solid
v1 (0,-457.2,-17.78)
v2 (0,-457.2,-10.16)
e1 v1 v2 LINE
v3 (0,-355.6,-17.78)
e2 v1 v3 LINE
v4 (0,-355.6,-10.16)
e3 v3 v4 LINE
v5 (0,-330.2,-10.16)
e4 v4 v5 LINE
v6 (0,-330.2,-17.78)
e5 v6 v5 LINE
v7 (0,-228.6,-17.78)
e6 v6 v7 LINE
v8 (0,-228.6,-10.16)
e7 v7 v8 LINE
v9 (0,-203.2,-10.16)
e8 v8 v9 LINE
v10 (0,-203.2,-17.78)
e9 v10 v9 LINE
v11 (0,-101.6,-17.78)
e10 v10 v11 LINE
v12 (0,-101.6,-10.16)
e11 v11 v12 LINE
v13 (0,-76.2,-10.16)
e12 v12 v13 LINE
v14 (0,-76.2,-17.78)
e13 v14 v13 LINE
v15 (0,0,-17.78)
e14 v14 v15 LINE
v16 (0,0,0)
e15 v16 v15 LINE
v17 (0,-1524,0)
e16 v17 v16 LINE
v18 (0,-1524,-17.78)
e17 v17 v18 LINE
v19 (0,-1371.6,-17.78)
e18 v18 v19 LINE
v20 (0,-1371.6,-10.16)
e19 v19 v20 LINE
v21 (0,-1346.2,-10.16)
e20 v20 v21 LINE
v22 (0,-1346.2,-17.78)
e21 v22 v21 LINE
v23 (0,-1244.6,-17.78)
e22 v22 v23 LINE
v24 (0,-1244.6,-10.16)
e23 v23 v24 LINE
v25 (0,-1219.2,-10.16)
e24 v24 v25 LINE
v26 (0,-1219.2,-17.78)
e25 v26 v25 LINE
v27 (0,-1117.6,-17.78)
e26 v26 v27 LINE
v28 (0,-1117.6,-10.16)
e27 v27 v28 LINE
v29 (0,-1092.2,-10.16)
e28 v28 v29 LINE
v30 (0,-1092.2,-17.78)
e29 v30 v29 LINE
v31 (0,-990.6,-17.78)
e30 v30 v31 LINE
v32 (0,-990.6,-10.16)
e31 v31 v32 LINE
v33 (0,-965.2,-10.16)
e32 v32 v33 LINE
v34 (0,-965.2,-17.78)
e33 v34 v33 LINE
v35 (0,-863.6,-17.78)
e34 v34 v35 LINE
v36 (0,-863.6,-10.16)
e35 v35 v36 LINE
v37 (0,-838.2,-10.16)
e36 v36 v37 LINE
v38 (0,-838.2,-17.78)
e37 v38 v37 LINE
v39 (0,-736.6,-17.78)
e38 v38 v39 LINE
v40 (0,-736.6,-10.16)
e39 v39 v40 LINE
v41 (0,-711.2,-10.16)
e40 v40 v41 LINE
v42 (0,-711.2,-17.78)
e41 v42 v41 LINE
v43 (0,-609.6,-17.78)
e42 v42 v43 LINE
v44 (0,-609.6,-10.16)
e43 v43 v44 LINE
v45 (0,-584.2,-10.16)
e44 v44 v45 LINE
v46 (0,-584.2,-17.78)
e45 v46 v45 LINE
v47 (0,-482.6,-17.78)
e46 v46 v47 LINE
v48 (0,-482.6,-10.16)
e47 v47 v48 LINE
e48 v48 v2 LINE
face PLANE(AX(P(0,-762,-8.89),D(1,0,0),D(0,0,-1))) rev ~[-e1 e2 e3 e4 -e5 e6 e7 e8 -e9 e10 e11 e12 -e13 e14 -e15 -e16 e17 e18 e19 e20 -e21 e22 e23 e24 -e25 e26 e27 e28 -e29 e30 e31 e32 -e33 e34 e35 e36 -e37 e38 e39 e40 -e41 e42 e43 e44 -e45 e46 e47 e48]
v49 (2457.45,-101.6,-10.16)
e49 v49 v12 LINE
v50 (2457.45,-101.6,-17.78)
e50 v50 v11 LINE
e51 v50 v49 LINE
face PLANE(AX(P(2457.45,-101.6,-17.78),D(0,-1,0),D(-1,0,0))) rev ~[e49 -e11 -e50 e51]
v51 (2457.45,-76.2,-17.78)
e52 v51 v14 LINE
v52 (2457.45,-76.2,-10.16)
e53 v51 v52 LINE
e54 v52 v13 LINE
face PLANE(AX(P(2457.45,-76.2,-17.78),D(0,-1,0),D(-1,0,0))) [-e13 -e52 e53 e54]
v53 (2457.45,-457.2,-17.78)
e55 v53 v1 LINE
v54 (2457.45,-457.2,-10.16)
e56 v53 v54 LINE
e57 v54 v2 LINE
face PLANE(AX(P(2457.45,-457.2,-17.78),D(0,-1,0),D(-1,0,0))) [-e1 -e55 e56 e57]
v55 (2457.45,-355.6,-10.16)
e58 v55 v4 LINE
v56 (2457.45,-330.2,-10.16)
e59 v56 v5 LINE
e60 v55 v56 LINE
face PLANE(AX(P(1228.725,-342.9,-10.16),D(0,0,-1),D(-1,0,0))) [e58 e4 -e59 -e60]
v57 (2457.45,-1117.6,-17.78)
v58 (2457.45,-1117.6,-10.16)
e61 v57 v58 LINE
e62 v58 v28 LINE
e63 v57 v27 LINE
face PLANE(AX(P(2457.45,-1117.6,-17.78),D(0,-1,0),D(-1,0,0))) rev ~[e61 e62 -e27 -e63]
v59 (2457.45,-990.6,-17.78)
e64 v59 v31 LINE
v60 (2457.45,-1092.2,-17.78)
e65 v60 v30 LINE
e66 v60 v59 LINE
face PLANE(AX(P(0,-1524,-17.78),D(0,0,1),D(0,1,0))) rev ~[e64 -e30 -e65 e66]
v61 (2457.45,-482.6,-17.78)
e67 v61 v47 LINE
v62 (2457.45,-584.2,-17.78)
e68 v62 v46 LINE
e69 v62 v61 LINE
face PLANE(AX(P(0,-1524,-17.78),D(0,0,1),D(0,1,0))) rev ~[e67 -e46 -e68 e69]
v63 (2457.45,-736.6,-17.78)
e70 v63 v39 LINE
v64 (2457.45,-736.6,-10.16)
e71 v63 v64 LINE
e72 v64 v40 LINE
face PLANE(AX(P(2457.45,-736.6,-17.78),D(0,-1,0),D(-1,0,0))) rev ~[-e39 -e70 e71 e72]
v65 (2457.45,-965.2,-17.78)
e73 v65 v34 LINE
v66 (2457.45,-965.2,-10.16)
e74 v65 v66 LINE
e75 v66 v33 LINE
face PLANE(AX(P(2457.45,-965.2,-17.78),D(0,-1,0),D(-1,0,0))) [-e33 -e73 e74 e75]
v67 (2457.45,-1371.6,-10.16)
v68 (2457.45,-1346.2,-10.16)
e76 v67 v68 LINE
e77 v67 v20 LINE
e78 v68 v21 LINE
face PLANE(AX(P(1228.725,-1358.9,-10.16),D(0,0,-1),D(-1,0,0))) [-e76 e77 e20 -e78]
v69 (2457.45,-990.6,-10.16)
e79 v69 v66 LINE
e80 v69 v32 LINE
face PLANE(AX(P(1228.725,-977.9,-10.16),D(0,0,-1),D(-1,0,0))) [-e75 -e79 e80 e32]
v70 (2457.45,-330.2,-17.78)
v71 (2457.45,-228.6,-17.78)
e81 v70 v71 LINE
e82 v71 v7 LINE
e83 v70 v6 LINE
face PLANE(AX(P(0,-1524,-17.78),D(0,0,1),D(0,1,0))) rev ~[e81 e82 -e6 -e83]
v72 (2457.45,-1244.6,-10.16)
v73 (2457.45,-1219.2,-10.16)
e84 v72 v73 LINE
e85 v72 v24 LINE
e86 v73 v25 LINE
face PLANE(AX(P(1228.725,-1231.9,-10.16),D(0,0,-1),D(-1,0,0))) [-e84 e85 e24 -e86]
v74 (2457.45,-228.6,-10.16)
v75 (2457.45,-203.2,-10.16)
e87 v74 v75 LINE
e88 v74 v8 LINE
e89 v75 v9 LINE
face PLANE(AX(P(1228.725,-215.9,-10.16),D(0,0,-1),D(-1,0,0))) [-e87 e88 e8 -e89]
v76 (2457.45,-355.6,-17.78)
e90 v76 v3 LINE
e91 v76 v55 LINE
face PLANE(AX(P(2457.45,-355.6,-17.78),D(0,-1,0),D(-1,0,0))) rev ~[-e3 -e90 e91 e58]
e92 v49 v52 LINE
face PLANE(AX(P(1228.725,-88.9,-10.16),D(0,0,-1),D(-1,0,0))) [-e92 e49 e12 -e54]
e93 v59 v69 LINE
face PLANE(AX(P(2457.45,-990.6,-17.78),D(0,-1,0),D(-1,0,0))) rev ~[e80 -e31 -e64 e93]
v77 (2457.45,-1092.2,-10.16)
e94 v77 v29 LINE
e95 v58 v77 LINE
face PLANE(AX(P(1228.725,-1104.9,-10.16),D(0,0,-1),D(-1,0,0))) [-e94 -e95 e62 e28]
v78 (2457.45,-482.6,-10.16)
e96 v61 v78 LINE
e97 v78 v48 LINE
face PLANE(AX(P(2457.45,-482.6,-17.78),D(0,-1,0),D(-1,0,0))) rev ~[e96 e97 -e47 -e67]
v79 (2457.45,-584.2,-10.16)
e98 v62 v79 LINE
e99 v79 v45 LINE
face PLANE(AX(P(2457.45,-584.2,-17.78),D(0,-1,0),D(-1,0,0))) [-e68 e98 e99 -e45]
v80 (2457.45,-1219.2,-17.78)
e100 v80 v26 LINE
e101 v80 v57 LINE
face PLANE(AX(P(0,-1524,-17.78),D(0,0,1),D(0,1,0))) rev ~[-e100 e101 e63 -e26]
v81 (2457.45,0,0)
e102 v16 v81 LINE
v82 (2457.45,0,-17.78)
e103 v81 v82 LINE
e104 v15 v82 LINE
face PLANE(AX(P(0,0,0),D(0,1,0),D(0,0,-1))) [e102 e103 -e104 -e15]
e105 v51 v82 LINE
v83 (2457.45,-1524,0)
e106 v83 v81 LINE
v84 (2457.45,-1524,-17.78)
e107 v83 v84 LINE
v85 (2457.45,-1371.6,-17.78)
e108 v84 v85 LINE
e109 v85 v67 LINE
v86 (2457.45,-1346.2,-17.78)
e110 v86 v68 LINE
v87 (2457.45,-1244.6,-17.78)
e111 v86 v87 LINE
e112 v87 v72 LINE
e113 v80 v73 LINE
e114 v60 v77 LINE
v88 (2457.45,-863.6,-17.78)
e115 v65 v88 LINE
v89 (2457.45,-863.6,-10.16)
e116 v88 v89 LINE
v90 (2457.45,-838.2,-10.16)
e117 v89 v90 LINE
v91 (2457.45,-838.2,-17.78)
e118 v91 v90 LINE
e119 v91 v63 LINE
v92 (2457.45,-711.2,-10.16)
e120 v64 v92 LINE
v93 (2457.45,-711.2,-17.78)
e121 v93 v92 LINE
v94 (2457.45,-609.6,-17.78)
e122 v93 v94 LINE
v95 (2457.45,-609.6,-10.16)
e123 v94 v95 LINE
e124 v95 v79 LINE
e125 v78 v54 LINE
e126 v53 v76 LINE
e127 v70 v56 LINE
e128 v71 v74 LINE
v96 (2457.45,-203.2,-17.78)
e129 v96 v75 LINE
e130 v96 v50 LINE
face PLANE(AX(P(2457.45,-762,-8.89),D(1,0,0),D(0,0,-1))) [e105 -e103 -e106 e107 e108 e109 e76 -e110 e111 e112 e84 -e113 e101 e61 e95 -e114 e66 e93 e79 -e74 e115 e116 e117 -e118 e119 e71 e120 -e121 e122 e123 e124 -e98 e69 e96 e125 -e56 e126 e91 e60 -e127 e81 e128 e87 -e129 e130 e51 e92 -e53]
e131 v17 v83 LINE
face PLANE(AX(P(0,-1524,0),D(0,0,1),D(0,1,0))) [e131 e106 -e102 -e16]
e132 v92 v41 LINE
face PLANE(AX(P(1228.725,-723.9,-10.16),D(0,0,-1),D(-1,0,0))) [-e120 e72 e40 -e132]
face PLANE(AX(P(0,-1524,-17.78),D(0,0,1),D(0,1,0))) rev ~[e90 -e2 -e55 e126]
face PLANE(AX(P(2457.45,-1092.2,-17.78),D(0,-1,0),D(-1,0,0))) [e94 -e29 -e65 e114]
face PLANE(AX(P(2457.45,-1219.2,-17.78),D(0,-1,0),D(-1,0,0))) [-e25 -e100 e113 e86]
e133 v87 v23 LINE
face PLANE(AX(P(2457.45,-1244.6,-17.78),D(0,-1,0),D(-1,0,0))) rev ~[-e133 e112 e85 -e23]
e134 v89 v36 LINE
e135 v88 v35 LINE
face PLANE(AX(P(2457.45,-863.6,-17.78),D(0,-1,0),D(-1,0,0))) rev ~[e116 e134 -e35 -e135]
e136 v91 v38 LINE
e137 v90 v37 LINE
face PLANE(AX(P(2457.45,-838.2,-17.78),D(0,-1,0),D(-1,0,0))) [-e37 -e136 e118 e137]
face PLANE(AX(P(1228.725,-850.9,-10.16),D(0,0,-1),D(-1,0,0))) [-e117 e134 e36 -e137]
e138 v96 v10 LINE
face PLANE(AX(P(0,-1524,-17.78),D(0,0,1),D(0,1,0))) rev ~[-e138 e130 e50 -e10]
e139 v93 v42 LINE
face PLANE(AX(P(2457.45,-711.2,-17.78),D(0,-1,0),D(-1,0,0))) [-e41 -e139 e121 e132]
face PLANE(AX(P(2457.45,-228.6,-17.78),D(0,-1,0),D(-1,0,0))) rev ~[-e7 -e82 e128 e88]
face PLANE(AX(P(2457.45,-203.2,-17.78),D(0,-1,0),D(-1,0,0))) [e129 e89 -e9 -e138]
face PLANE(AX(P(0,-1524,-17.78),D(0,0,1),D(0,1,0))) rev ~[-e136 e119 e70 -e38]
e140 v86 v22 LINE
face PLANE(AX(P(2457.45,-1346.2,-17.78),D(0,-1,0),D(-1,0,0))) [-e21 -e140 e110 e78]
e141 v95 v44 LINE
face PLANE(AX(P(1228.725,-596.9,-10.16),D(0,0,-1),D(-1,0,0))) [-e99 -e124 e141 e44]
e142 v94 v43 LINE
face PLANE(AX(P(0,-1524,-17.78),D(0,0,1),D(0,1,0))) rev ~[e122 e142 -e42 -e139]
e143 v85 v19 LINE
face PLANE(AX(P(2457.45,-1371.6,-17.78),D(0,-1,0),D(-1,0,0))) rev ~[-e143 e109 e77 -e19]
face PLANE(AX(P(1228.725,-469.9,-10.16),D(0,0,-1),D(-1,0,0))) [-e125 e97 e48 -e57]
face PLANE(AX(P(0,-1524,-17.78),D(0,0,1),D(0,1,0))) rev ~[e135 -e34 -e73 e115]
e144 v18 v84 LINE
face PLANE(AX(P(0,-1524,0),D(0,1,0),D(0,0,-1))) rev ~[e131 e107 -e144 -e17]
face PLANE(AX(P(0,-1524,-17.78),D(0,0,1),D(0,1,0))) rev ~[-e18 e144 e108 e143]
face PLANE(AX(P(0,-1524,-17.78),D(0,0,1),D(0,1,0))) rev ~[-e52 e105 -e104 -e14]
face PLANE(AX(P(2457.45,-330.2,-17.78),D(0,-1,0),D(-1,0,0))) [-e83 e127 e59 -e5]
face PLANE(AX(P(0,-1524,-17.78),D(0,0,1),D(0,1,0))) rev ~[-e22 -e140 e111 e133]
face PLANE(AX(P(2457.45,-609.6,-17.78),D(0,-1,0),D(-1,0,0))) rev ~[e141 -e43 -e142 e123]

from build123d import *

# Parameters (mm, degrees)
SKETCH2_W           = 17.78
SKETCH2_H           = 1524
BOSS_EXTRUDE1_DEPTH = 2457.45
SKETCH3_W           = 2457.45
SKETCH3_H           = 25.4
CUT_EXTRUDE1_DEPTH  = 7.62


with BuildPart() as part:
    # Sketch2 → Boss-Extrude1 (new body)
    with BuildSketch(Plane(origin=(0, 0, 0), x_dir=(0, 0, -1), z_dir=(1, 0, 0))):
        with Locations((8.89, -762)):
            Rectangle(SKETCH2_W, SKETCH2_H)
    extrude(amount=BOSS_EXTRUDE1_DEPTH)

    # Sketch3 → Cut-Extrude1 (cut)
    with BuildSketch(Plane(origin=(0, 0, -17.78), x_dir=(-1, 0, 0), z_dir=(0, 0, -1))):
        with Locations((-1228.725, -88.9)):
            Rectangle(SKETCH3_W, SKETCH3_H)
        with Locations((-1228.725, -215.9)):
            Rectangle(SKETCH3_W, SKETCH3_H)
        with Locations((-1228.725, -342.9)):
            Rectangle(SKETCH3_W, SKETCH3_H)
        with Locations((-1228.725, -469.9)):
            Rectangle(SKETCH3_W, SKETCH3_H)
        with Locations((-1228.725, -596.9)):
            Rectangle(SKETCH3_W, SKETCH3_H)
        with Locations((-1228.725, -723.9)):
            Rectangle(SKETCH3_W, SKETCH3_H)
        with Locations((-1228.725, -850.9)):
            Rectangle(SKETCH3_W, SKETCH3_H)
        with Locations((-1228.725, -977.9)):
            Rectangle(SKETCH3_W, SKETCH3_H)
        with Locations((-1228.725, -1104.9)):
            Rectangle(SKETCH3_W, SKETCH3_H)
        with Locations((-1228.725, -1231.9)):
            Rectangle(SKETCH3_W, SKETCH3_H)
        with Locations((-1228.725, -1358.9)):
            Rectangle(SKETCH3_W, SKETCH3_H)
    extrude(amount=-CUT_EXTRUDE1_DEPTH, mode=Mode.SUBTRACT)


solid = part.part
